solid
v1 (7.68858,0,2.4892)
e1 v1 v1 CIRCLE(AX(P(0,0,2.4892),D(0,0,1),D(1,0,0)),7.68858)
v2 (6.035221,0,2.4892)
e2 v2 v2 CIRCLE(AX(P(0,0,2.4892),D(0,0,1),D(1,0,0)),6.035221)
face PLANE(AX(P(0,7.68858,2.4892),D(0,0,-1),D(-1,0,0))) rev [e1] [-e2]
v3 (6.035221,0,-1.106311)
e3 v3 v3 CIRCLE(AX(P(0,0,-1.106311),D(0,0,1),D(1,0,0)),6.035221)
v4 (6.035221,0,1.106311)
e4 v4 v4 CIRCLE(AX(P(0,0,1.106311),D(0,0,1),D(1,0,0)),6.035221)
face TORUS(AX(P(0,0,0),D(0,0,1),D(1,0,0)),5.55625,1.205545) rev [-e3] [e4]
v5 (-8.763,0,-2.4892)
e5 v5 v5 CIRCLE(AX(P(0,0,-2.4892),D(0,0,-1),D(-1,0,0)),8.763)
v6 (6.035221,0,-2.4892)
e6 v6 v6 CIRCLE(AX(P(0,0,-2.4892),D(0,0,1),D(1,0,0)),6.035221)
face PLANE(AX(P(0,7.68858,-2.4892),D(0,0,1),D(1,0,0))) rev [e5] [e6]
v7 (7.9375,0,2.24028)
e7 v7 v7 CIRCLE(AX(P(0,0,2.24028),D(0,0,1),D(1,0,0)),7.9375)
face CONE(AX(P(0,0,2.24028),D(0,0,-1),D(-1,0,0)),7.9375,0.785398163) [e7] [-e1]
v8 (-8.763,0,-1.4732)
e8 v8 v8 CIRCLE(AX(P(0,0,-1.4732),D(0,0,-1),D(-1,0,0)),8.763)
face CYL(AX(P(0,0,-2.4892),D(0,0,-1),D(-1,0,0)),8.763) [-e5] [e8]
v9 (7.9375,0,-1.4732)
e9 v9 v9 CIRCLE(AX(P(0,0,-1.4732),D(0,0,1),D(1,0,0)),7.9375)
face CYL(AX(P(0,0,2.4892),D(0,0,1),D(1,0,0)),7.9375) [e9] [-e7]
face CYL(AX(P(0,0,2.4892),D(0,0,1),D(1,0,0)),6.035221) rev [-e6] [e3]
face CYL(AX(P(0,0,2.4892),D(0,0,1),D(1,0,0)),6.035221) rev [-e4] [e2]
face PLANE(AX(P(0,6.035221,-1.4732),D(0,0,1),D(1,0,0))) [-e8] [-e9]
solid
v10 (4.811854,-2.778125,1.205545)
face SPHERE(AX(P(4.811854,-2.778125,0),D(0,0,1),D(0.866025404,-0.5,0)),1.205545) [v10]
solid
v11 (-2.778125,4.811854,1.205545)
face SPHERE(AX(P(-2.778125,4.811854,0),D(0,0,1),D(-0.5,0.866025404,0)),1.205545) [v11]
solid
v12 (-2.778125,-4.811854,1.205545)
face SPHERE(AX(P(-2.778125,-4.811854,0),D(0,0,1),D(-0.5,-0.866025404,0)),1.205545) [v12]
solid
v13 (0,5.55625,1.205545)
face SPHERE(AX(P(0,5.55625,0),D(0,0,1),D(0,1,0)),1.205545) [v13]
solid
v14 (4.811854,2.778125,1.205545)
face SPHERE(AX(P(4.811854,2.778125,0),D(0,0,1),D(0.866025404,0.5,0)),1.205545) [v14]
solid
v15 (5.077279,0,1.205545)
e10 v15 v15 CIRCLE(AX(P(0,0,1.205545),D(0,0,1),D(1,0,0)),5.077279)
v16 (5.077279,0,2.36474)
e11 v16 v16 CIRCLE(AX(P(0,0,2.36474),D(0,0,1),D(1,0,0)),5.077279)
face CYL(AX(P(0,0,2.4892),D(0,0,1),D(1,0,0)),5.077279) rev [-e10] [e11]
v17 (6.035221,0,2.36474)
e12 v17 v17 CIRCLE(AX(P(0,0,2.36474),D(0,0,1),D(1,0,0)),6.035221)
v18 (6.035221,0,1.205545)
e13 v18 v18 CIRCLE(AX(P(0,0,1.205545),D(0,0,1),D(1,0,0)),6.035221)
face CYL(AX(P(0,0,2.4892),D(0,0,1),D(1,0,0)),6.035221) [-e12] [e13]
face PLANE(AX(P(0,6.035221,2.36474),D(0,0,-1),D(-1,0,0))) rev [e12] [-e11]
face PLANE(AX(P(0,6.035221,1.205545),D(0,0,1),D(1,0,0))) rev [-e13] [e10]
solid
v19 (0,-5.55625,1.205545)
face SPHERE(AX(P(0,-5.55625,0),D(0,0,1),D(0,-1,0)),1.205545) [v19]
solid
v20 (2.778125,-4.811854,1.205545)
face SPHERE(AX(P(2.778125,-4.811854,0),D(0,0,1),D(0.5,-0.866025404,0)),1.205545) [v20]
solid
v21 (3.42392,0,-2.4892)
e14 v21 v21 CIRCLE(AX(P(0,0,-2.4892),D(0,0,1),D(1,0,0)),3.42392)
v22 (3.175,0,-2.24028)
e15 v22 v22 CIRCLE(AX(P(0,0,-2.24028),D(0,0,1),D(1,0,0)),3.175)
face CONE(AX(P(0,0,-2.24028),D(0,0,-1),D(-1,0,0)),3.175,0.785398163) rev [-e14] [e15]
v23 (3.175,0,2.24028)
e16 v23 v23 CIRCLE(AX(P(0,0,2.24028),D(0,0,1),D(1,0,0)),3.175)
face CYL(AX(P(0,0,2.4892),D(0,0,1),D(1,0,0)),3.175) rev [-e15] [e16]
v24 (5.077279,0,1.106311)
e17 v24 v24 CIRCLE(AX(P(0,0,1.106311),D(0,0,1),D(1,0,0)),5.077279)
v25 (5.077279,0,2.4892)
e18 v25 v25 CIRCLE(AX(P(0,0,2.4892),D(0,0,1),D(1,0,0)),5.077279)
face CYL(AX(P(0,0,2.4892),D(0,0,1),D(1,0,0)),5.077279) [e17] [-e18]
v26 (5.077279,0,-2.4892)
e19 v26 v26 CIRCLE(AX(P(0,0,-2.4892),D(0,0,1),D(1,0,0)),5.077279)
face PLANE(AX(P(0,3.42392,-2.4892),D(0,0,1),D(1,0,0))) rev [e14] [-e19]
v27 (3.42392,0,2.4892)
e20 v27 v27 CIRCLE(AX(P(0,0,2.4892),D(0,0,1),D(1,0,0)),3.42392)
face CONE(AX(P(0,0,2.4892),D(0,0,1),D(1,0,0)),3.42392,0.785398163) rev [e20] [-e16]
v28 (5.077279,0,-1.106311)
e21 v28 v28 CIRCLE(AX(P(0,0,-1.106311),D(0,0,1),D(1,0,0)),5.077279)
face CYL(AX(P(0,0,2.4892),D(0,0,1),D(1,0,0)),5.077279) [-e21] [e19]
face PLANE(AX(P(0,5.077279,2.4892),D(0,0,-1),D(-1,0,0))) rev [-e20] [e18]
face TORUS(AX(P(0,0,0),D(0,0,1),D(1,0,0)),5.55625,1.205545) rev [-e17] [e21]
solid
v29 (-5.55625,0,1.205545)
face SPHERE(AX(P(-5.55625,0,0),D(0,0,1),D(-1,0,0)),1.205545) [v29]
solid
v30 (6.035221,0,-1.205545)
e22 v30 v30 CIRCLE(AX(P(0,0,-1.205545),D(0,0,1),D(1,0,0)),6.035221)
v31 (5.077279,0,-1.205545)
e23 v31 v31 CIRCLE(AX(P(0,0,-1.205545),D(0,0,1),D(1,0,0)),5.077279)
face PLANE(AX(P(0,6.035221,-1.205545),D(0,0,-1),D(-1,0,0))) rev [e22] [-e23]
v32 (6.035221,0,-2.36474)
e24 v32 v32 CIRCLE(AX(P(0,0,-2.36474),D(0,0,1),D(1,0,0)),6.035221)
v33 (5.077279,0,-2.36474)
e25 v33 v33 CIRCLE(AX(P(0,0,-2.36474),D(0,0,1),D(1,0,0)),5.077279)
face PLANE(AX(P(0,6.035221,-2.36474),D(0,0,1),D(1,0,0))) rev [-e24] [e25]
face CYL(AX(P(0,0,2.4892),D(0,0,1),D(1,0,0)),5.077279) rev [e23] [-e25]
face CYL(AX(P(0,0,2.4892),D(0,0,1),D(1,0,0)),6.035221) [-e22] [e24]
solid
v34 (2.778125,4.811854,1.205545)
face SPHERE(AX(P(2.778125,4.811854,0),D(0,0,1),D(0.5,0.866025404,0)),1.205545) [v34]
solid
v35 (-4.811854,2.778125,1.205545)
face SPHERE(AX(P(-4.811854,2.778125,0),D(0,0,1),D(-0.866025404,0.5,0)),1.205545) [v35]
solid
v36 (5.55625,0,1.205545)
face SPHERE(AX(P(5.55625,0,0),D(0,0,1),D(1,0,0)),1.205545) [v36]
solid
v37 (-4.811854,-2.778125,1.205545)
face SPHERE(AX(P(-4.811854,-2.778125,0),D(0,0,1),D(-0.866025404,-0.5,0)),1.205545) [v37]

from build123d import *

# Parameters (mm, degrees)
CIRPATTERN1_COUNT = 12
SKETCH5_W         = 1.15919535
SKETCH5_H         = 0.957942858
SKETCH6_W         = 1.016
SKETCH6_H         = 2.727778571


with BuildPart() as part:
    # Sketch1 → Revolve1 (revolve)
    with BuildSketch(Plane(origin=(0, 0, 0), x_dir=(0, 0, -1), z_dir=(1, 0, 0))):
        with BuildLine():
            Line((2.24028, 7.9375), (-2.24028, 7.9375))
            Line((-2.24028, 7.9375), (-2.4892, 7.68858))
            Line((-2.4892, 7.68858), (-2.4892, 6.035221429))
            Line((-2.4892, 6.035221429), (-1.106311111, 6.035221429))
            ThreePointArc((-1.106311111, 6.035221429), (0, 6.76179465), (1.106311111, 6.035221429))
            Line((1.106311111, 6.035221429), (2.4892, 6.035221429))
            Line((2.4892, 6.035221429), (2.4892, 7.68858))
            Line((2.4892, 7.68858), (2.24028, 7.9375))
        make_face()
    revolve(axis=Axis((0, 0, 2.4892), (0, 0, -1)))

    # Sketch6 → Revolve6 (revolve)
    with BuildSketch(Plane(origin=(0, 0, 0), x_dir=(0, 0, -1), z_dir=(1, 0, 0))):
        with Locations((1.9812, 7.399110715)):
            Rectangle(SKETCH6_W, SKETCH6_H)
    revolve(axis=Axis((0, 0, -2.4892), (0, 0, 1)))


with BuildPart() as body_2:
    # Sketch3 → Revolve3 (revolve)
    with BuildSketch(Plane(origin=(0, 0, 0), x_dir=(0, 0, -1), z_dir=(1, 0, 0))):
        with BuildLine():
            Line((-2.4892, 5.077278571), (-1.106311111, 5.077278571))
            ThreePointArc((-1.106311111, 5.077278571), (0, 4.35070535), (1.106311111, 5.077278571))
            Line((1.106311111, 5.077278571), (2.4892, 5.077278571))
            Line((2.4892, 5.077278571), (2.4892, 3.42392))
            Line((2.4892, 3.42392), (2.24028, 3.175))
            Line((2.24028, 3.175), (-2.24028, 3.175))
            Line((-2.24028, 3.175), (-2.4892, 3.42392))
            Line((-2.4892, 3.42392), (-2.4892, 5.077278571))
        make_face()
    revolve(axis=Axis((0, 0, 2.4892), (0, 0, -1)))


with BuildPart() as body_3:
    # Sketch4 → Revolve4 (revolve)
    with BuildSketch(Plane(origin=(0, 0, 0), x_dir=(0, 0, -1), z_dir=(1, 0, 0))):
        with BuildLine():
            Line((-1.20554465, 5.55625), (1.20554465, 5.55625))
            ThreePointArc((1.20554465, 5.55625), (0, 6.76179465), (-1.20554465, 5.55625))
        make_face()
    revolve(axis=Axis((0, 5.55625, 1.20554465), (0, 0, -1)))


with BuildPart() as cirpattern1_1:
    # CirPattern1: pattern copy
    add(body_3.part.rotate(Axis((0, 0, -2.4892), (0, 0, 1)), 1 * 360 / CIRPATTERN1_COUNT))


with BuildPart() as cirpattern1_2:
    # CirPattern1: pattern copy
    add(body_3.part.rotate(Axis((0, 0, -2.4892), (0, 0, 1)), 2 * 360 / CIRPATTERN1_COUNT))


with BuildPart() as cirpattern1_3:
    # CirPattern1: pattern copy
    add(body_3.part.rotate(Axis((0, 0, -2.4892), (0, 0, 1)), 3 * 360 / CIRPATTERN1_COUNT))


with BuildPart() as cirpattern1_4:
    # CirPattern1: pattern copy
    add(body_3.part.rotate(Axis((0, 0, -2.4892), (0, 0, 1)), 4 * 360 / CIRPATTERN1_COUNT))


with BuildPart() as cirpattern1_5:
    # CirPattern1: pattern copy
    add(body_3.part.rotate(Axis((0, 0, -2.4892), (0, 0, 1)), 5 * 360 / CIRPATTERN1_COUNT))


with BuildPart() as cirpattern1_6:
    # CirPattern1: pattern copy
    add(body_3.part.rotate(Axis((0, 0, -2.4892), (0, 0, 1)), 6 * 360 / CIRPATTERN1_COUNT))


with BuildPart() as cirpattern1_7:
    # CirPattern1: pattern copy
    add(body_3.part.rotate(Axis((0, 0, -2.4892), (0, 0, 1)), 7 * 360 / CIRPATTERN1_COUNT))


with BuildPart() as cirpattern1_8:
    # CirPattern1: pattern copy
    add(body_3.part.rotate(Axis((0, 0, -2.4892), (0, 0, 1)), 8 * 360 / CIRPATTERN1_COUNT))


with BuildPart() as cirpattern1_9:
    # CirPattern1: pattern copy
    add(body_3.part.rotate(Axis((0, 0, -2.4892), (0, 0, 1)), 9 * 360 / CIRPATTERN1_COUNT))


with BuildPart() as cirpattern1_10:
    # CirPattern1: pattern copy
    add(body_3.part.rotate(Axis((0, 0, -2.4892), (0, 0, 1)), 10 * 360 / CIRPATTERN1_COUNT))


with BuildPart() as cirpattern1_11:
    # CirPattern1: pattern copy
    add(body_3.part.rotate(Axis((0, 0, -2.4892), (0, 0, 1)), 11 * 360 / CIRPATTERN1_COUNT))


with BuildPart() as body_15:
    # Sketch5 → Revolve5 (revolve)
    with BuildSketch(Plane(origin=(0, 0, 0), x_dir=(0, 0, -1), z_dir=(1, 0, 0))):
        with Locations((-1.785142325, 5.55625)):
            Rectangle(SKETCH5_W, SKETCH5_H)
        with Locations((1.785142325, 5.55625)):
            Rectangle(SKETCH5_W, SKETCH5_H)
    revolve(axis=Axis((0, 0, 2.4892), (0, 0, -1)))


solid = Compound([part.part, body_2.part, body_3.part, cirpattern1_1.part, cirpattern1_2.part, cirpattern1_3.part, cirpattern1_4.part, cirpattern1_5.part, cirpattern1_6.part, cirpattern1_7.part, cirpattern1_8.part, cirpattern1_9.part, cirpattern1_10.part, cirpattern1_11.part, body_15.part])
